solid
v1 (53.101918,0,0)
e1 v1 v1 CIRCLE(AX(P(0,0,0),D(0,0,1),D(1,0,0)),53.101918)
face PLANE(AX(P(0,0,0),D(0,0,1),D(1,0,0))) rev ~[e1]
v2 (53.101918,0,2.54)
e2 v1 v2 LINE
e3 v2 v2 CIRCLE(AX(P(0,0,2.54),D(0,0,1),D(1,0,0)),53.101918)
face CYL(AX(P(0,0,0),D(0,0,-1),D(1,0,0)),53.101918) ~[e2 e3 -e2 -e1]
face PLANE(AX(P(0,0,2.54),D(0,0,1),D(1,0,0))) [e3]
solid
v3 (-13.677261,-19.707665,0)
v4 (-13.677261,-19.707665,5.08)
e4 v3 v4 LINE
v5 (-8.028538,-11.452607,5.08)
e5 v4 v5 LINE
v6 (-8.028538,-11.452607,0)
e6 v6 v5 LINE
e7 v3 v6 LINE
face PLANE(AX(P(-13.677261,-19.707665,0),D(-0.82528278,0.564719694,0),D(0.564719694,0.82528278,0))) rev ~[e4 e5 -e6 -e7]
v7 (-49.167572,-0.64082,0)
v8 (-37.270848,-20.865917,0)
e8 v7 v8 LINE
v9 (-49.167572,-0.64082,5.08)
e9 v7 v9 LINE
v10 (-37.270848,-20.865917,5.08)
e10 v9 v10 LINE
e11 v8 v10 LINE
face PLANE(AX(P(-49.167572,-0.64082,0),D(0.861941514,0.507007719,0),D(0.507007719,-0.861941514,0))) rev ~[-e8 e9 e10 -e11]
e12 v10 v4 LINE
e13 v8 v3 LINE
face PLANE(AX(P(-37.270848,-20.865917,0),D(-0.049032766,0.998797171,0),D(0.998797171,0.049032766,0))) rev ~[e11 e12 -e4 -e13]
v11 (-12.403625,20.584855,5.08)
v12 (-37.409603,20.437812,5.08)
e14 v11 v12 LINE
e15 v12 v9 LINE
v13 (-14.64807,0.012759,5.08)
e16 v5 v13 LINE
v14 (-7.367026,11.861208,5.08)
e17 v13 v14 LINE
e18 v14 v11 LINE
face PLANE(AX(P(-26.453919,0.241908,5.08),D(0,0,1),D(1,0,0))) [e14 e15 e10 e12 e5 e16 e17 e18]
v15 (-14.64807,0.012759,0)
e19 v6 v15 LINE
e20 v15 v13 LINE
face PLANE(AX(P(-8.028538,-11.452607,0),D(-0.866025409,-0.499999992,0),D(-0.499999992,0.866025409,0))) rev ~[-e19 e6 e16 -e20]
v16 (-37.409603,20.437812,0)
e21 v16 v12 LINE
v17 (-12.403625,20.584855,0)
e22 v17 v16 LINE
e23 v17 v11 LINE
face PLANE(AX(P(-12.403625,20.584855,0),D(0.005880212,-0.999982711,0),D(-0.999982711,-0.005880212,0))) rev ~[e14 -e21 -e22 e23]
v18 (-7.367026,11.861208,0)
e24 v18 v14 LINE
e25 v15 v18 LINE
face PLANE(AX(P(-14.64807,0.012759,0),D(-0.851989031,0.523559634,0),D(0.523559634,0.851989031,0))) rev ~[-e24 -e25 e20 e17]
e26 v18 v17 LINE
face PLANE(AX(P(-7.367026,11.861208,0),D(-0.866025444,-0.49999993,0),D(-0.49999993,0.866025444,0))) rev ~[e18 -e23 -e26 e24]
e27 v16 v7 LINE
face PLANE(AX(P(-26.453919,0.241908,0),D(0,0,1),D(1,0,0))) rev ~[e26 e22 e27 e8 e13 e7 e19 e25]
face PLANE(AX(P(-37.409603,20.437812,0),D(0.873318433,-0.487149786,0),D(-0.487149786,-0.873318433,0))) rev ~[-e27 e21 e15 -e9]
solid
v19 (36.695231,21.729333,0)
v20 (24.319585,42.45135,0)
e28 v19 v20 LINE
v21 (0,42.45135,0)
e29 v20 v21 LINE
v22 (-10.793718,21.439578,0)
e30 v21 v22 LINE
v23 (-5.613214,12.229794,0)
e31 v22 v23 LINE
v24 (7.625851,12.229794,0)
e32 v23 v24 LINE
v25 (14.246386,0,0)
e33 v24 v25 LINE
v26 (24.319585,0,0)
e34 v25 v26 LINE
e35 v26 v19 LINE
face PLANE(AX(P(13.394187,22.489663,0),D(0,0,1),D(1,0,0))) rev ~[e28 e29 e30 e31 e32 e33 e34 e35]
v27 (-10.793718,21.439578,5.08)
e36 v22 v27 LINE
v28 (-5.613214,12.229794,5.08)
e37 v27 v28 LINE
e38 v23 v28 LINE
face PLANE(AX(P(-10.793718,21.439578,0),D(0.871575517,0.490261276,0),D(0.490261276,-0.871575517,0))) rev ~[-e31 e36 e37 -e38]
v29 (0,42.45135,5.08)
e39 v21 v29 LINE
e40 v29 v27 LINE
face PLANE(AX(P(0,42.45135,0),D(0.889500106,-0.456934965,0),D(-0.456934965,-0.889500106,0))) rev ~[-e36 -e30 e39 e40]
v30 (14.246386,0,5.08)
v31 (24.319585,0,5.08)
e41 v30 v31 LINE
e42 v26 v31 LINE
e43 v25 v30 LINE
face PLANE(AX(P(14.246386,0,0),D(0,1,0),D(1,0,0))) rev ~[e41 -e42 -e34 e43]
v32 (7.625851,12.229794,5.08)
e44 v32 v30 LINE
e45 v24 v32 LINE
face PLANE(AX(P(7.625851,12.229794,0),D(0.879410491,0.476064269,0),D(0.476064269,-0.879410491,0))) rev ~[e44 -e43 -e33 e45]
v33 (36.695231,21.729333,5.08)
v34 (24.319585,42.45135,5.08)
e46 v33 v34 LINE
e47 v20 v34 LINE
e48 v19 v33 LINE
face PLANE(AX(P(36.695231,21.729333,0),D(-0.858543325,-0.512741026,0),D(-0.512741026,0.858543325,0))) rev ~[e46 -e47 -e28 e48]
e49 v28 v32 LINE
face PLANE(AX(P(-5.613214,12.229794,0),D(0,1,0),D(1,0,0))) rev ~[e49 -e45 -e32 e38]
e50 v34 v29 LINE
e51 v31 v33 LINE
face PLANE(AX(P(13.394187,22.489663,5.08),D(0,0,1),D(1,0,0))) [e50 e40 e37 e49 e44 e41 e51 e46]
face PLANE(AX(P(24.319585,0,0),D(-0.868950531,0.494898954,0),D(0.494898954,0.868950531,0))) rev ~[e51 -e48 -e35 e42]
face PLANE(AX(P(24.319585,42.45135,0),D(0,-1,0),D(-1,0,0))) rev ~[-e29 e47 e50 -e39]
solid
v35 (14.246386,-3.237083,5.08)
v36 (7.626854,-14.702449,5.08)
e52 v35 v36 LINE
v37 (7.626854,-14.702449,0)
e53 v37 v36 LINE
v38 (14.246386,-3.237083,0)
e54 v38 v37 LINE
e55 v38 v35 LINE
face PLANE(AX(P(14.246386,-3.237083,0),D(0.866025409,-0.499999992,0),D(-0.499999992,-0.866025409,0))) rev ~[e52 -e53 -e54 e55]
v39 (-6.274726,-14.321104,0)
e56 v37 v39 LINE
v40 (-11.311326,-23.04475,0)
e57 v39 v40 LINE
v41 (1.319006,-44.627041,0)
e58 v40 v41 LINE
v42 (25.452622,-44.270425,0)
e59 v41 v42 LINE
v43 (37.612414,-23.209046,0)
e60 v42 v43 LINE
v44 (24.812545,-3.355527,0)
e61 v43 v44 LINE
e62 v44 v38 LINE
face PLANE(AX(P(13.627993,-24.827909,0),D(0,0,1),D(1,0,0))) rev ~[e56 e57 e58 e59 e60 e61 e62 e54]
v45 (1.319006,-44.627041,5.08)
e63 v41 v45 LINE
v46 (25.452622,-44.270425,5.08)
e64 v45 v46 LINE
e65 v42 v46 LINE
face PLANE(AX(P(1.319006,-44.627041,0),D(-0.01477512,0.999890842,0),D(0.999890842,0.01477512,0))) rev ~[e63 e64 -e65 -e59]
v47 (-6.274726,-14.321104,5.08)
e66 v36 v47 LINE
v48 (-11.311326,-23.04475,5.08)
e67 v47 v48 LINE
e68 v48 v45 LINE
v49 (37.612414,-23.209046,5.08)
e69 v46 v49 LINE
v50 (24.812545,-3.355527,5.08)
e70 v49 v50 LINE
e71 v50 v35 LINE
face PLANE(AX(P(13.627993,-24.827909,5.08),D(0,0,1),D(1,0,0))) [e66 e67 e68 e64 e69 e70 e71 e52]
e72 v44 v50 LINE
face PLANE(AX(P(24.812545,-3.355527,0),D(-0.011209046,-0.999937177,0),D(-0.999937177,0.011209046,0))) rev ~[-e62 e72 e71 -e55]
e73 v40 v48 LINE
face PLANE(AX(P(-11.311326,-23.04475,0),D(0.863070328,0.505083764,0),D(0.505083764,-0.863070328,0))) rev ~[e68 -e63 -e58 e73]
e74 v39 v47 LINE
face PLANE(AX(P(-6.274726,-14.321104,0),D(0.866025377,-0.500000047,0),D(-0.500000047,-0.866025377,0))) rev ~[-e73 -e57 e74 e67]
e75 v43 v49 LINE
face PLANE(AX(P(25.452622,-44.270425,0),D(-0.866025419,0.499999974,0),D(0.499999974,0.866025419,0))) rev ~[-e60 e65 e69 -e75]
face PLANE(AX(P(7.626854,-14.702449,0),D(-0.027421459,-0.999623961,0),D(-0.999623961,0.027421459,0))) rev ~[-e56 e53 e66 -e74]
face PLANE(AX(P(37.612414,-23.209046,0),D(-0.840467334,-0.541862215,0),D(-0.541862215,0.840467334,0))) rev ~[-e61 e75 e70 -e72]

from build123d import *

# Parameters (mm, degrees)
F1_DEPTH = 5.08
F2_R     = 53.101918
F3_DEPTH = 2.54


with BuildPart() as f1:
    # F0 (on Top) → F1 (new body)
    with BuildSketch(Plane.XY):
        Polygon((24.319585, 42.45135), (0, 42.45135), (-10.793718, 21.439578), (-5.613214, 12.229794), (7.625851, 12.229794), (14.246386, 0), (24.319585, 0), (36.695231, 21.729333), align=None)
        Polygon((-49.167572, -0.64082), (-37.270848, -20.865917), (-13.677261, -19.707665), (-8.028538, -11.452607), (-14.64807, 0.012759), (-7.367026, 11.861208), (-12.403625, 20.584855), (-37.409603, 20.437812), align=None)
        Polygon((25.452622, -44.270425), (37.612414, -23.209046), (24.812545, -3.355527), (14.246386, -3.237083), (7.626854, -14.702449), (-6.274726, -14.321104), (-11.311326, -23.04475), (1.319006, -44.627041), align=None)
    extrude(amount=F1_DEPTH)


with BuildPart() as f3:
    # F2 (on Top) → F3 (new body)
    with BuildSketch(Plane.XY):
        Circle(F2_R)
    extrude(amount=F3_DEPTH)


solid = Compound([f1.part, f3.part])
